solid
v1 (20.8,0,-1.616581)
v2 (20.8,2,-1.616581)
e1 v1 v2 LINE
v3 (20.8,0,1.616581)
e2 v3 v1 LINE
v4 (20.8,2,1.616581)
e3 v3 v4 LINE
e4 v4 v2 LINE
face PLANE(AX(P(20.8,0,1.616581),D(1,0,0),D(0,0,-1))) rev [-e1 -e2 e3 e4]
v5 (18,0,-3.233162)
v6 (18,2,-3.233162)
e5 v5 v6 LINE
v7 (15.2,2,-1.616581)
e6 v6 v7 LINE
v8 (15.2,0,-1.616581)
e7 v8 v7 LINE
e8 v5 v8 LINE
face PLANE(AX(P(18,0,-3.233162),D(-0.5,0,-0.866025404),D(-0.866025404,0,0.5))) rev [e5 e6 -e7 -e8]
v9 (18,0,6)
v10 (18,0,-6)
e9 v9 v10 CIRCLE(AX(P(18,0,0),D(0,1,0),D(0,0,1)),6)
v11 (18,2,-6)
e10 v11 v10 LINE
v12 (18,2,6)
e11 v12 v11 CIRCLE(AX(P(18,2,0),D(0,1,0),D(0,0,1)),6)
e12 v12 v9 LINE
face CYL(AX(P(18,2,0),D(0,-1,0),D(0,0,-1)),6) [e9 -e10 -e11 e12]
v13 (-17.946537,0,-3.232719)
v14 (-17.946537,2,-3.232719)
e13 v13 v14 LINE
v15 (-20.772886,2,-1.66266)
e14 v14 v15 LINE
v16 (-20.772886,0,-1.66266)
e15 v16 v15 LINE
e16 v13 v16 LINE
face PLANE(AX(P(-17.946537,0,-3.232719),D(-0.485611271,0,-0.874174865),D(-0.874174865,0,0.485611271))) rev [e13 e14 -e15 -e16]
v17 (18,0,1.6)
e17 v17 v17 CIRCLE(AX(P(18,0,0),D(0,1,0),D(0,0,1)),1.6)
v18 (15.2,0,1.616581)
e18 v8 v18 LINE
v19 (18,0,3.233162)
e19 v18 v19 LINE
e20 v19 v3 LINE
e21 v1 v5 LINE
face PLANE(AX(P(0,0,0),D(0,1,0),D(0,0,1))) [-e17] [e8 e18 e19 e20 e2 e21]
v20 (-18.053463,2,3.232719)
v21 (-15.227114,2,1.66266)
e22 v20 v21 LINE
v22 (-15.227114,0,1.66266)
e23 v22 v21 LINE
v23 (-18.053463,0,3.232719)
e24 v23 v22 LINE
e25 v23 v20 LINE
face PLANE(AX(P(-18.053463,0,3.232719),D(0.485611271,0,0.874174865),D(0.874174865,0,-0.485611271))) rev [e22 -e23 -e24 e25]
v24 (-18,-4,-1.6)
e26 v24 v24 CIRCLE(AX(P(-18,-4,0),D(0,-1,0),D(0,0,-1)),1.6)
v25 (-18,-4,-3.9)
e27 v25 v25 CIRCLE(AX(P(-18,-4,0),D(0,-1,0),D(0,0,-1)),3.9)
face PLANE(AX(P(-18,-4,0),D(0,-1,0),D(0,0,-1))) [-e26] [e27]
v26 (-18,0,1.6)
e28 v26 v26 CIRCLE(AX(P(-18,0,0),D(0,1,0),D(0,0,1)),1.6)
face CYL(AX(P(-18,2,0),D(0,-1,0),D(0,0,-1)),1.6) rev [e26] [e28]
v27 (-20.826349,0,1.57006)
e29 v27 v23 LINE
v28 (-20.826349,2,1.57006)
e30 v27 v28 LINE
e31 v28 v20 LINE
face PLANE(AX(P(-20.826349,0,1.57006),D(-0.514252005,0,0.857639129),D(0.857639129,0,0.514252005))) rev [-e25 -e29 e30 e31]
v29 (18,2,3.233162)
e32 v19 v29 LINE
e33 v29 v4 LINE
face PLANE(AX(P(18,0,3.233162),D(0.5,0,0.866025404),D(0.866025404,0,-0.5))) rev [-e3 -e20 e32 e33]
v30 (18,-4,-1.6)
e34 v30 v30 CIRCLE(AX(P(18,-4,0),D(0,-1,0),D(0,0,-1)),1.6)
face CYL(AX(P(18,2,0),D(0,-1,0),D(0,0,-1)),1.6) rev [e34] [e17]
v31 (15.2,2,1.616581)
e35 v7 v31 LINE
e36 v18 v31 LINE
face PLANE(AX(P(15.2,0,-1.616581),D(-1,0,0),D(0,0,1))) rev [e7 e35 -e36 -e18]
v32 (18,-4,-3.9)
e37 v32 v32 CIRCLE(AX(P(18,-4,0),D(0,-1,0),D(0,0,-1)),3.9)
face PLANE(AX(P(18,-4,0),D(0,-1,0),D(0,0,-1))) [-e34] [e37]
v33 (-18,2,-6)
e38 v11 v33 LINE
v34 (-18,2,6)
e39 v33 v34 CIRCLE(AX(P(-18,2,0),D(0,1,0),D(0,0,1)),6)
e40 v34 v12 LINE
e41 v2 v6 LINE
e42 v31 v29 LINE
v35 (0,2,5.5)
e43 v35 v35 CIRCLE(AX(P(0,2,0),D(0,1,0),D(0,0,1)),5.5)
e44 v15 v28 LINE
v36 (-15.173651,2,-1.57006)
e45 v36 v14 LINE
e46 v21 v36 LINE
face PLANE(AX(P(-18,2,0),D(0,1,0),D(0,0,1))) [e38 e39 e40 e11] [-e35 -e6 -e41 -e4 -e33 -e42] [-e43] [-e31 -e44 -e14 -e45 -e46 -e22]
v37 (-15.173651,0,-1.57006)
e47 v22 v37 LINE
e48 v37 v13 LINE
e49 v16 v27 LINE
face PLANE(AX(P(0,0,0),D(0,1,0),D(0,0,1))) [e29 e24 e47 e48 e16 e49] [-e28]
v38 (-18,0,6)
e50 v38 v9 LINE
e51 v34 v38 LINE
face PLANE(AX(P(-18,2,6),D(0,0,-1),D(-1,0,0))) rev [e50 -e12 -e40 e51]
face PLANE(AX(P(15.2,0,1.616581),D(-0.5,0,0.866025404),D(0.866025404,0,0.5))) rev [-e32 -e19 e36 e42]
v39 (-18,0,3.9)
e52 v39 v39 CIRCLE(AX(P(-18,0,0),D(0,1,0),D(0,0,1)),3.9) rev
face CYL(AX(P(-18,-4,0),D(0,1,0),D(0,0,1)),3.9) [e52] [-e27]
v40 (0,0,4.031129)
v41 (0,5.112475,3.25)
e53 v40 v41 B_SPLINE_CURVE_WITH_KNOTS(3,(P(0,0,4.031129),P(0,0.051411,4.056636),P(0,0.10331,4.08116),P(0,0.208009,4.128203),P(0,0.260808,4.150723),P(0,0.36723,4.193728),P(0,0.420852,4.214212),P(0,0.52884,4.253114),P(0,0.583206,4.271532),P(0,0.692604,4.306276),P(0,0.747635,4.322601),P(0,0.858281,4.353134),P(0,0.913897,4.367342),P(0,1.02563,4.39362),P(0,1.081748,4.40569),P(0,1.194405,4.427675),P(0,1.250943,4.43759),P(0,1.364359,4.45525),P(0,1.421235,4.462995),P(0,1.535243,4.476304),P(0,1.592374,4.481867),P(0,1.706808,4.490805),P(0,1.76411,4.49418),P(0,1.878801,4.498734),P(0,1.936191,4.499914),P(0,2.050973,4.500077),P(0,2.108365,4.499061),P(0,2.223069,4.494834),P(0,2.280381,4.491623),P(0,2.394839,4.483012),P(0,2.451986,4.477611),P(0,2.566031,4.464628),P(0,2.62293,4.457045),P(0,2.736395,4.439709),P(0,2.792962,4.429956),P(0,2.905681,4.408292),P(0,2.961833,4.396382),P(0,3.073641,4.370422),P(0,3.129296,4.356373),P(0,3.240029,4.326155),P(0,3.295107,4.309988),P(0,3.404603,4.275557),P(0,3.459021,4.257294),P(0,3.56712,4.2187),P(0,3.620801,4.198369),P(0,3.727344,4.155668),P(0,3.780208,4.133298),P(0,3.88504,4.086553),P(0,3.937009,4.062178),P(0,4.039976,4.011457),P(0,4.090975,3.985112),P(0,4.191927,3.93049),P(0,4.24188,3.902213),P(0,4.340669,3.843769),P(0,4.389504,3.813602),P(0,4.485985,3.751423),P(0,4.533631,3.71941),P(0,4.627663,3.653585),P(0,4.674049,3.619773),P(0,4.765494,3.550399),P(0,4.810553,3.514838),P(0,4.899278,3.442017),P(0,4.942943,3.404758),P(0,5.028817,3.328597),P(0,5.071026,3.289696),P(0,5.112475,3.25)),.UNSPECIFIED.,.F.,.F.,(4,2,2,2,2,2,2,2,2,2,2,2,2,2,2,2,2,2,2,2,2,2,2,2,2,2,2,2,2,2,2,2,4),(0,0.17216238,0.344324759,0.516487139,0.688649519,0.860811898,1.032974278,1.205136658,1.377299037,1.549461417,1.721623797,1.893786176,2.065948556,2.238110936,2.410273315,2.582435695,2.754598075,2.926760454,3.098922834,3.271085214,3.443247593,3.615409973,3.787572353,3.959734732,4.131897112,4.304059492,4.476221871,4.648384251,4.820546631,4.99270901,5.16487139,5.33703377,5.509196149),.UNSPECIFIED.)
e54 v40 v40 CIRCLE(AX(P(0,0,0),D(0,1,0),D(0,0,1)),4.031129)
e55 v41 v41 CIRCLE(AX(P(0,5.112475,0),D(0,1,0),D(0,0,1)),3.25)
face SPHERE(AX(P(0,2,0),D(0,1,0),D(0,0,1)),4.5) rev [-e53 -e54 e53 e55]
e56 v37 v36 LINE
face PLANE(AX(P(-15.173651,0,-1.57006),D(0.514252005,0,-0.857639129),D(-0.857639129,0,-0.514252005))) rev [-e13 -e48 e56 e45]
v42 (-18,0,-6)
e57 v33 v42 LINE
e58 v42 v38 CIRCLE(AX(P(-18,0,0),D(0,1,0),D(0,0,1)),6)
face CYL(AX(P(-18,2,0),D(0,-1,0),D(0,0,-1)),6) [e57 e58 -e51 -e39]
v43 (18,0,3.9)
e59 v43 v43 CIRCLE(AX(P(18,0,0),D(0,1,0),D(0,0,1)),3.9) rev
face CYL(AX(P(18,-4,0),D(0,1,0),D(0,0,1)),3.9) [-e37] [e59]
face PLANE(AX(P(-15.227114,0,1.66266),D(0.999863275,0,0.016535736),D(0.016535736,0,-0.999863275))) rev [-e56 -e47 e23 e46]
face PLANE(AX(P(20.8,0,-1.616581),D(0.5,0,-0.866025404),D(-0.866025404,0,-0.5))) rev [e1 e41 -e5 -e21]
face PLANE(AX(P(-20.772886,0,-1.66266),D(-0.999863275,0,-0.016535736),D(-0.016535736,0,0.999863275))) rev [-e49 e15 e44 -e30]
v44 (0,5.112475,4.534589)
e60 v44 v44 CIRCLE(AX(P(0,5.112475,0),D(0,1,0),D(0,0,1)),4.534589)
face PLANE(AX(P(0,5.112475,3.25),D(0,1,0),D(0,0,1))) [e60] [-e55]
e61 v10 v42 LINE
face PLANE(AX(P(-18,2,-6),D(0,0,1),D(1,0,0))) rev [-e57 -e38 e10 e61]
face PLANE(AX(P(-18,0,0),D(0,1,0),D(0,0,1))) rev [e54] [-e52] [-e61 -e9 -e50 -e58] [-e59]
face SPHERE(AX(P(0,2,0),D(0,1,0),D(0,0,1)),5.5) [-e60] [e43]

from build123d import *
from build123d.topology import SkipClean

# Parameters (mm, degrees)
SKETCH1_R           = 1.6
SKETCH1_R_2         = 4.5
BOSS_EXTRUDE1_DEPTH = 2
BOSS_EXTRUDE2_START = 4
SKETCH2_R           = 3.9
SKETCH2_R_2         = 1.6
BOSS_EXTRUDE2_DEPTH = 4
CUT_EXTRUDE1_DEPTH  = 2


with BuildPart() as part:
    # Sketch1 → Boss-Extrude1 (new body)
    with BuildSketch(Plane(origin=(0, 0, 0), x_dir=(1, 0, 0), z_dir=(0, 1, 0))):
        with BuildLine():
            Line((-18, 6), (18, 6))
            ThreePointArc((18, 6), (24, 0), (18, -6))
            Line((18, -6), (-18, -6))
            ThreePointArc((-18, -6), (-24, 0), (-18, 6))
        make_face()
        with Locations(Location((18, 0, 0), (0, 0, 270))):
            Circle(SKETCH1_R, mode=Mode.SUBTRACT)
        with Locations(Location((-18, 0, 0), (0, 0, 90))):
            Circle(SKETCH1_R, mode=Mode.SUBTRACT)
        with Locations(Location((0, 0, 0), (0, 0, 270))):
            Circle(SKETCH1_R_2, mode=Mode.SUBTRACT)
    extrude(amount=BOSS_EXTRUDE1_DEPTH)

    # Sketch2 → Boss-Extrude2 (add)
    # profile 1 of 2: a face of its own
    with SkipClean():  # the faces are left unmerged after this step: merging them gives an invalid solid
        with BuildSketch(Plane.XZ.offset(BOSS_EXTRUDE2_START)):
            with Locations(Location((-18, 0, 0), (0, 0, 90))):
                Circle(SKETCH2_R)
            with Locations(Location((-18, 0, 0), (0, 0, 270))):
                Circle(SKETCH2_R_2, mode=Mode.SUBTRACT)
        # profile 2 of 2: a face of its own
        with BuildSketch(Plane.XZ.offset(BOSS_EXTRUDE2_START)):
            with Locations(Location((18, 0, 0), (0, 0, 90))):
                Circle(SKETCH2_R)
            with Locations(Location((18, 0, 0), (0, 0, 270))):
                Circle(SKETCH2_R_2, mode=Mode.SUBTRACT)
        extrude(amount=-BOSS_EXTRUDE2_DEPTH)

    # Sketch3 → Revolve1 (revolve)
    with SkipClean():  # the faces are left unmerged after this step: merging them gives an invalid solid
        with BuildSketch(Plane(origin=(0, 0, 0), x_dir=(0, 0, -1), z_dir=(1, 0, 0))):
            with BuildLine():
                Line((-3.25, 5.112474899), (-4.534589287, 5.112474899))
                ThreePointArc((-4.534589287, 5.112474899), (-5.463872545, 2.629362224), (-5.123475383, 0))
                Line((-5.123475383, 0), (-4.031128874, 0))
                ThreePointArc((-4.031128874, 0), (-4.448377156, 2.679662181), (-3.25, 5.112474899))
            make_face()
            with BuildLine():
                Line((3.25, 5.112474899), (4.534589287, 5.112474899))
                ThreePointArc((4.534589287, 5.112474899), (5.463872545, 2.629362224), (5.123475383, 0))
                Line((5.123475383, 0), (4.031128874, 0))
                ThreePointArc((4.031128874, 0), (4.448377156, 2.679662181), (3.25, 5.112474899))
            make_face()
        revolve(axis=Axis((0, 5.800326489, 0), (0, -1, 0)))

    # Sketch4 → Cut-Extrude1 (cut)
    with BuildSketch(Plane(origin=(0, 2, 0), x_dir=(1, 0, 0), z_dir=(0, 1, 0))):
        Polygon((-15.227114181, -1.662659787), (-15.173651477, 1.570059667), (-17.946537296, 3.232719455), (-20.772885819, 1.662659787), (-20.826348523, -1.570059667), (-18.053462704, -3.232719455), align=None)
        Polygon((18, -3.233161507), (20.8, -1.616580754), (20.8, 1.616580754), (18, 3.233161507), (15.2, 1.616580754), (15.2, -1.616580754), align=None)
    extrude(amount=-CUT_EXTRUDE1_DEPTH, mode=Mode.SUBTRACT)


solid = part.part
